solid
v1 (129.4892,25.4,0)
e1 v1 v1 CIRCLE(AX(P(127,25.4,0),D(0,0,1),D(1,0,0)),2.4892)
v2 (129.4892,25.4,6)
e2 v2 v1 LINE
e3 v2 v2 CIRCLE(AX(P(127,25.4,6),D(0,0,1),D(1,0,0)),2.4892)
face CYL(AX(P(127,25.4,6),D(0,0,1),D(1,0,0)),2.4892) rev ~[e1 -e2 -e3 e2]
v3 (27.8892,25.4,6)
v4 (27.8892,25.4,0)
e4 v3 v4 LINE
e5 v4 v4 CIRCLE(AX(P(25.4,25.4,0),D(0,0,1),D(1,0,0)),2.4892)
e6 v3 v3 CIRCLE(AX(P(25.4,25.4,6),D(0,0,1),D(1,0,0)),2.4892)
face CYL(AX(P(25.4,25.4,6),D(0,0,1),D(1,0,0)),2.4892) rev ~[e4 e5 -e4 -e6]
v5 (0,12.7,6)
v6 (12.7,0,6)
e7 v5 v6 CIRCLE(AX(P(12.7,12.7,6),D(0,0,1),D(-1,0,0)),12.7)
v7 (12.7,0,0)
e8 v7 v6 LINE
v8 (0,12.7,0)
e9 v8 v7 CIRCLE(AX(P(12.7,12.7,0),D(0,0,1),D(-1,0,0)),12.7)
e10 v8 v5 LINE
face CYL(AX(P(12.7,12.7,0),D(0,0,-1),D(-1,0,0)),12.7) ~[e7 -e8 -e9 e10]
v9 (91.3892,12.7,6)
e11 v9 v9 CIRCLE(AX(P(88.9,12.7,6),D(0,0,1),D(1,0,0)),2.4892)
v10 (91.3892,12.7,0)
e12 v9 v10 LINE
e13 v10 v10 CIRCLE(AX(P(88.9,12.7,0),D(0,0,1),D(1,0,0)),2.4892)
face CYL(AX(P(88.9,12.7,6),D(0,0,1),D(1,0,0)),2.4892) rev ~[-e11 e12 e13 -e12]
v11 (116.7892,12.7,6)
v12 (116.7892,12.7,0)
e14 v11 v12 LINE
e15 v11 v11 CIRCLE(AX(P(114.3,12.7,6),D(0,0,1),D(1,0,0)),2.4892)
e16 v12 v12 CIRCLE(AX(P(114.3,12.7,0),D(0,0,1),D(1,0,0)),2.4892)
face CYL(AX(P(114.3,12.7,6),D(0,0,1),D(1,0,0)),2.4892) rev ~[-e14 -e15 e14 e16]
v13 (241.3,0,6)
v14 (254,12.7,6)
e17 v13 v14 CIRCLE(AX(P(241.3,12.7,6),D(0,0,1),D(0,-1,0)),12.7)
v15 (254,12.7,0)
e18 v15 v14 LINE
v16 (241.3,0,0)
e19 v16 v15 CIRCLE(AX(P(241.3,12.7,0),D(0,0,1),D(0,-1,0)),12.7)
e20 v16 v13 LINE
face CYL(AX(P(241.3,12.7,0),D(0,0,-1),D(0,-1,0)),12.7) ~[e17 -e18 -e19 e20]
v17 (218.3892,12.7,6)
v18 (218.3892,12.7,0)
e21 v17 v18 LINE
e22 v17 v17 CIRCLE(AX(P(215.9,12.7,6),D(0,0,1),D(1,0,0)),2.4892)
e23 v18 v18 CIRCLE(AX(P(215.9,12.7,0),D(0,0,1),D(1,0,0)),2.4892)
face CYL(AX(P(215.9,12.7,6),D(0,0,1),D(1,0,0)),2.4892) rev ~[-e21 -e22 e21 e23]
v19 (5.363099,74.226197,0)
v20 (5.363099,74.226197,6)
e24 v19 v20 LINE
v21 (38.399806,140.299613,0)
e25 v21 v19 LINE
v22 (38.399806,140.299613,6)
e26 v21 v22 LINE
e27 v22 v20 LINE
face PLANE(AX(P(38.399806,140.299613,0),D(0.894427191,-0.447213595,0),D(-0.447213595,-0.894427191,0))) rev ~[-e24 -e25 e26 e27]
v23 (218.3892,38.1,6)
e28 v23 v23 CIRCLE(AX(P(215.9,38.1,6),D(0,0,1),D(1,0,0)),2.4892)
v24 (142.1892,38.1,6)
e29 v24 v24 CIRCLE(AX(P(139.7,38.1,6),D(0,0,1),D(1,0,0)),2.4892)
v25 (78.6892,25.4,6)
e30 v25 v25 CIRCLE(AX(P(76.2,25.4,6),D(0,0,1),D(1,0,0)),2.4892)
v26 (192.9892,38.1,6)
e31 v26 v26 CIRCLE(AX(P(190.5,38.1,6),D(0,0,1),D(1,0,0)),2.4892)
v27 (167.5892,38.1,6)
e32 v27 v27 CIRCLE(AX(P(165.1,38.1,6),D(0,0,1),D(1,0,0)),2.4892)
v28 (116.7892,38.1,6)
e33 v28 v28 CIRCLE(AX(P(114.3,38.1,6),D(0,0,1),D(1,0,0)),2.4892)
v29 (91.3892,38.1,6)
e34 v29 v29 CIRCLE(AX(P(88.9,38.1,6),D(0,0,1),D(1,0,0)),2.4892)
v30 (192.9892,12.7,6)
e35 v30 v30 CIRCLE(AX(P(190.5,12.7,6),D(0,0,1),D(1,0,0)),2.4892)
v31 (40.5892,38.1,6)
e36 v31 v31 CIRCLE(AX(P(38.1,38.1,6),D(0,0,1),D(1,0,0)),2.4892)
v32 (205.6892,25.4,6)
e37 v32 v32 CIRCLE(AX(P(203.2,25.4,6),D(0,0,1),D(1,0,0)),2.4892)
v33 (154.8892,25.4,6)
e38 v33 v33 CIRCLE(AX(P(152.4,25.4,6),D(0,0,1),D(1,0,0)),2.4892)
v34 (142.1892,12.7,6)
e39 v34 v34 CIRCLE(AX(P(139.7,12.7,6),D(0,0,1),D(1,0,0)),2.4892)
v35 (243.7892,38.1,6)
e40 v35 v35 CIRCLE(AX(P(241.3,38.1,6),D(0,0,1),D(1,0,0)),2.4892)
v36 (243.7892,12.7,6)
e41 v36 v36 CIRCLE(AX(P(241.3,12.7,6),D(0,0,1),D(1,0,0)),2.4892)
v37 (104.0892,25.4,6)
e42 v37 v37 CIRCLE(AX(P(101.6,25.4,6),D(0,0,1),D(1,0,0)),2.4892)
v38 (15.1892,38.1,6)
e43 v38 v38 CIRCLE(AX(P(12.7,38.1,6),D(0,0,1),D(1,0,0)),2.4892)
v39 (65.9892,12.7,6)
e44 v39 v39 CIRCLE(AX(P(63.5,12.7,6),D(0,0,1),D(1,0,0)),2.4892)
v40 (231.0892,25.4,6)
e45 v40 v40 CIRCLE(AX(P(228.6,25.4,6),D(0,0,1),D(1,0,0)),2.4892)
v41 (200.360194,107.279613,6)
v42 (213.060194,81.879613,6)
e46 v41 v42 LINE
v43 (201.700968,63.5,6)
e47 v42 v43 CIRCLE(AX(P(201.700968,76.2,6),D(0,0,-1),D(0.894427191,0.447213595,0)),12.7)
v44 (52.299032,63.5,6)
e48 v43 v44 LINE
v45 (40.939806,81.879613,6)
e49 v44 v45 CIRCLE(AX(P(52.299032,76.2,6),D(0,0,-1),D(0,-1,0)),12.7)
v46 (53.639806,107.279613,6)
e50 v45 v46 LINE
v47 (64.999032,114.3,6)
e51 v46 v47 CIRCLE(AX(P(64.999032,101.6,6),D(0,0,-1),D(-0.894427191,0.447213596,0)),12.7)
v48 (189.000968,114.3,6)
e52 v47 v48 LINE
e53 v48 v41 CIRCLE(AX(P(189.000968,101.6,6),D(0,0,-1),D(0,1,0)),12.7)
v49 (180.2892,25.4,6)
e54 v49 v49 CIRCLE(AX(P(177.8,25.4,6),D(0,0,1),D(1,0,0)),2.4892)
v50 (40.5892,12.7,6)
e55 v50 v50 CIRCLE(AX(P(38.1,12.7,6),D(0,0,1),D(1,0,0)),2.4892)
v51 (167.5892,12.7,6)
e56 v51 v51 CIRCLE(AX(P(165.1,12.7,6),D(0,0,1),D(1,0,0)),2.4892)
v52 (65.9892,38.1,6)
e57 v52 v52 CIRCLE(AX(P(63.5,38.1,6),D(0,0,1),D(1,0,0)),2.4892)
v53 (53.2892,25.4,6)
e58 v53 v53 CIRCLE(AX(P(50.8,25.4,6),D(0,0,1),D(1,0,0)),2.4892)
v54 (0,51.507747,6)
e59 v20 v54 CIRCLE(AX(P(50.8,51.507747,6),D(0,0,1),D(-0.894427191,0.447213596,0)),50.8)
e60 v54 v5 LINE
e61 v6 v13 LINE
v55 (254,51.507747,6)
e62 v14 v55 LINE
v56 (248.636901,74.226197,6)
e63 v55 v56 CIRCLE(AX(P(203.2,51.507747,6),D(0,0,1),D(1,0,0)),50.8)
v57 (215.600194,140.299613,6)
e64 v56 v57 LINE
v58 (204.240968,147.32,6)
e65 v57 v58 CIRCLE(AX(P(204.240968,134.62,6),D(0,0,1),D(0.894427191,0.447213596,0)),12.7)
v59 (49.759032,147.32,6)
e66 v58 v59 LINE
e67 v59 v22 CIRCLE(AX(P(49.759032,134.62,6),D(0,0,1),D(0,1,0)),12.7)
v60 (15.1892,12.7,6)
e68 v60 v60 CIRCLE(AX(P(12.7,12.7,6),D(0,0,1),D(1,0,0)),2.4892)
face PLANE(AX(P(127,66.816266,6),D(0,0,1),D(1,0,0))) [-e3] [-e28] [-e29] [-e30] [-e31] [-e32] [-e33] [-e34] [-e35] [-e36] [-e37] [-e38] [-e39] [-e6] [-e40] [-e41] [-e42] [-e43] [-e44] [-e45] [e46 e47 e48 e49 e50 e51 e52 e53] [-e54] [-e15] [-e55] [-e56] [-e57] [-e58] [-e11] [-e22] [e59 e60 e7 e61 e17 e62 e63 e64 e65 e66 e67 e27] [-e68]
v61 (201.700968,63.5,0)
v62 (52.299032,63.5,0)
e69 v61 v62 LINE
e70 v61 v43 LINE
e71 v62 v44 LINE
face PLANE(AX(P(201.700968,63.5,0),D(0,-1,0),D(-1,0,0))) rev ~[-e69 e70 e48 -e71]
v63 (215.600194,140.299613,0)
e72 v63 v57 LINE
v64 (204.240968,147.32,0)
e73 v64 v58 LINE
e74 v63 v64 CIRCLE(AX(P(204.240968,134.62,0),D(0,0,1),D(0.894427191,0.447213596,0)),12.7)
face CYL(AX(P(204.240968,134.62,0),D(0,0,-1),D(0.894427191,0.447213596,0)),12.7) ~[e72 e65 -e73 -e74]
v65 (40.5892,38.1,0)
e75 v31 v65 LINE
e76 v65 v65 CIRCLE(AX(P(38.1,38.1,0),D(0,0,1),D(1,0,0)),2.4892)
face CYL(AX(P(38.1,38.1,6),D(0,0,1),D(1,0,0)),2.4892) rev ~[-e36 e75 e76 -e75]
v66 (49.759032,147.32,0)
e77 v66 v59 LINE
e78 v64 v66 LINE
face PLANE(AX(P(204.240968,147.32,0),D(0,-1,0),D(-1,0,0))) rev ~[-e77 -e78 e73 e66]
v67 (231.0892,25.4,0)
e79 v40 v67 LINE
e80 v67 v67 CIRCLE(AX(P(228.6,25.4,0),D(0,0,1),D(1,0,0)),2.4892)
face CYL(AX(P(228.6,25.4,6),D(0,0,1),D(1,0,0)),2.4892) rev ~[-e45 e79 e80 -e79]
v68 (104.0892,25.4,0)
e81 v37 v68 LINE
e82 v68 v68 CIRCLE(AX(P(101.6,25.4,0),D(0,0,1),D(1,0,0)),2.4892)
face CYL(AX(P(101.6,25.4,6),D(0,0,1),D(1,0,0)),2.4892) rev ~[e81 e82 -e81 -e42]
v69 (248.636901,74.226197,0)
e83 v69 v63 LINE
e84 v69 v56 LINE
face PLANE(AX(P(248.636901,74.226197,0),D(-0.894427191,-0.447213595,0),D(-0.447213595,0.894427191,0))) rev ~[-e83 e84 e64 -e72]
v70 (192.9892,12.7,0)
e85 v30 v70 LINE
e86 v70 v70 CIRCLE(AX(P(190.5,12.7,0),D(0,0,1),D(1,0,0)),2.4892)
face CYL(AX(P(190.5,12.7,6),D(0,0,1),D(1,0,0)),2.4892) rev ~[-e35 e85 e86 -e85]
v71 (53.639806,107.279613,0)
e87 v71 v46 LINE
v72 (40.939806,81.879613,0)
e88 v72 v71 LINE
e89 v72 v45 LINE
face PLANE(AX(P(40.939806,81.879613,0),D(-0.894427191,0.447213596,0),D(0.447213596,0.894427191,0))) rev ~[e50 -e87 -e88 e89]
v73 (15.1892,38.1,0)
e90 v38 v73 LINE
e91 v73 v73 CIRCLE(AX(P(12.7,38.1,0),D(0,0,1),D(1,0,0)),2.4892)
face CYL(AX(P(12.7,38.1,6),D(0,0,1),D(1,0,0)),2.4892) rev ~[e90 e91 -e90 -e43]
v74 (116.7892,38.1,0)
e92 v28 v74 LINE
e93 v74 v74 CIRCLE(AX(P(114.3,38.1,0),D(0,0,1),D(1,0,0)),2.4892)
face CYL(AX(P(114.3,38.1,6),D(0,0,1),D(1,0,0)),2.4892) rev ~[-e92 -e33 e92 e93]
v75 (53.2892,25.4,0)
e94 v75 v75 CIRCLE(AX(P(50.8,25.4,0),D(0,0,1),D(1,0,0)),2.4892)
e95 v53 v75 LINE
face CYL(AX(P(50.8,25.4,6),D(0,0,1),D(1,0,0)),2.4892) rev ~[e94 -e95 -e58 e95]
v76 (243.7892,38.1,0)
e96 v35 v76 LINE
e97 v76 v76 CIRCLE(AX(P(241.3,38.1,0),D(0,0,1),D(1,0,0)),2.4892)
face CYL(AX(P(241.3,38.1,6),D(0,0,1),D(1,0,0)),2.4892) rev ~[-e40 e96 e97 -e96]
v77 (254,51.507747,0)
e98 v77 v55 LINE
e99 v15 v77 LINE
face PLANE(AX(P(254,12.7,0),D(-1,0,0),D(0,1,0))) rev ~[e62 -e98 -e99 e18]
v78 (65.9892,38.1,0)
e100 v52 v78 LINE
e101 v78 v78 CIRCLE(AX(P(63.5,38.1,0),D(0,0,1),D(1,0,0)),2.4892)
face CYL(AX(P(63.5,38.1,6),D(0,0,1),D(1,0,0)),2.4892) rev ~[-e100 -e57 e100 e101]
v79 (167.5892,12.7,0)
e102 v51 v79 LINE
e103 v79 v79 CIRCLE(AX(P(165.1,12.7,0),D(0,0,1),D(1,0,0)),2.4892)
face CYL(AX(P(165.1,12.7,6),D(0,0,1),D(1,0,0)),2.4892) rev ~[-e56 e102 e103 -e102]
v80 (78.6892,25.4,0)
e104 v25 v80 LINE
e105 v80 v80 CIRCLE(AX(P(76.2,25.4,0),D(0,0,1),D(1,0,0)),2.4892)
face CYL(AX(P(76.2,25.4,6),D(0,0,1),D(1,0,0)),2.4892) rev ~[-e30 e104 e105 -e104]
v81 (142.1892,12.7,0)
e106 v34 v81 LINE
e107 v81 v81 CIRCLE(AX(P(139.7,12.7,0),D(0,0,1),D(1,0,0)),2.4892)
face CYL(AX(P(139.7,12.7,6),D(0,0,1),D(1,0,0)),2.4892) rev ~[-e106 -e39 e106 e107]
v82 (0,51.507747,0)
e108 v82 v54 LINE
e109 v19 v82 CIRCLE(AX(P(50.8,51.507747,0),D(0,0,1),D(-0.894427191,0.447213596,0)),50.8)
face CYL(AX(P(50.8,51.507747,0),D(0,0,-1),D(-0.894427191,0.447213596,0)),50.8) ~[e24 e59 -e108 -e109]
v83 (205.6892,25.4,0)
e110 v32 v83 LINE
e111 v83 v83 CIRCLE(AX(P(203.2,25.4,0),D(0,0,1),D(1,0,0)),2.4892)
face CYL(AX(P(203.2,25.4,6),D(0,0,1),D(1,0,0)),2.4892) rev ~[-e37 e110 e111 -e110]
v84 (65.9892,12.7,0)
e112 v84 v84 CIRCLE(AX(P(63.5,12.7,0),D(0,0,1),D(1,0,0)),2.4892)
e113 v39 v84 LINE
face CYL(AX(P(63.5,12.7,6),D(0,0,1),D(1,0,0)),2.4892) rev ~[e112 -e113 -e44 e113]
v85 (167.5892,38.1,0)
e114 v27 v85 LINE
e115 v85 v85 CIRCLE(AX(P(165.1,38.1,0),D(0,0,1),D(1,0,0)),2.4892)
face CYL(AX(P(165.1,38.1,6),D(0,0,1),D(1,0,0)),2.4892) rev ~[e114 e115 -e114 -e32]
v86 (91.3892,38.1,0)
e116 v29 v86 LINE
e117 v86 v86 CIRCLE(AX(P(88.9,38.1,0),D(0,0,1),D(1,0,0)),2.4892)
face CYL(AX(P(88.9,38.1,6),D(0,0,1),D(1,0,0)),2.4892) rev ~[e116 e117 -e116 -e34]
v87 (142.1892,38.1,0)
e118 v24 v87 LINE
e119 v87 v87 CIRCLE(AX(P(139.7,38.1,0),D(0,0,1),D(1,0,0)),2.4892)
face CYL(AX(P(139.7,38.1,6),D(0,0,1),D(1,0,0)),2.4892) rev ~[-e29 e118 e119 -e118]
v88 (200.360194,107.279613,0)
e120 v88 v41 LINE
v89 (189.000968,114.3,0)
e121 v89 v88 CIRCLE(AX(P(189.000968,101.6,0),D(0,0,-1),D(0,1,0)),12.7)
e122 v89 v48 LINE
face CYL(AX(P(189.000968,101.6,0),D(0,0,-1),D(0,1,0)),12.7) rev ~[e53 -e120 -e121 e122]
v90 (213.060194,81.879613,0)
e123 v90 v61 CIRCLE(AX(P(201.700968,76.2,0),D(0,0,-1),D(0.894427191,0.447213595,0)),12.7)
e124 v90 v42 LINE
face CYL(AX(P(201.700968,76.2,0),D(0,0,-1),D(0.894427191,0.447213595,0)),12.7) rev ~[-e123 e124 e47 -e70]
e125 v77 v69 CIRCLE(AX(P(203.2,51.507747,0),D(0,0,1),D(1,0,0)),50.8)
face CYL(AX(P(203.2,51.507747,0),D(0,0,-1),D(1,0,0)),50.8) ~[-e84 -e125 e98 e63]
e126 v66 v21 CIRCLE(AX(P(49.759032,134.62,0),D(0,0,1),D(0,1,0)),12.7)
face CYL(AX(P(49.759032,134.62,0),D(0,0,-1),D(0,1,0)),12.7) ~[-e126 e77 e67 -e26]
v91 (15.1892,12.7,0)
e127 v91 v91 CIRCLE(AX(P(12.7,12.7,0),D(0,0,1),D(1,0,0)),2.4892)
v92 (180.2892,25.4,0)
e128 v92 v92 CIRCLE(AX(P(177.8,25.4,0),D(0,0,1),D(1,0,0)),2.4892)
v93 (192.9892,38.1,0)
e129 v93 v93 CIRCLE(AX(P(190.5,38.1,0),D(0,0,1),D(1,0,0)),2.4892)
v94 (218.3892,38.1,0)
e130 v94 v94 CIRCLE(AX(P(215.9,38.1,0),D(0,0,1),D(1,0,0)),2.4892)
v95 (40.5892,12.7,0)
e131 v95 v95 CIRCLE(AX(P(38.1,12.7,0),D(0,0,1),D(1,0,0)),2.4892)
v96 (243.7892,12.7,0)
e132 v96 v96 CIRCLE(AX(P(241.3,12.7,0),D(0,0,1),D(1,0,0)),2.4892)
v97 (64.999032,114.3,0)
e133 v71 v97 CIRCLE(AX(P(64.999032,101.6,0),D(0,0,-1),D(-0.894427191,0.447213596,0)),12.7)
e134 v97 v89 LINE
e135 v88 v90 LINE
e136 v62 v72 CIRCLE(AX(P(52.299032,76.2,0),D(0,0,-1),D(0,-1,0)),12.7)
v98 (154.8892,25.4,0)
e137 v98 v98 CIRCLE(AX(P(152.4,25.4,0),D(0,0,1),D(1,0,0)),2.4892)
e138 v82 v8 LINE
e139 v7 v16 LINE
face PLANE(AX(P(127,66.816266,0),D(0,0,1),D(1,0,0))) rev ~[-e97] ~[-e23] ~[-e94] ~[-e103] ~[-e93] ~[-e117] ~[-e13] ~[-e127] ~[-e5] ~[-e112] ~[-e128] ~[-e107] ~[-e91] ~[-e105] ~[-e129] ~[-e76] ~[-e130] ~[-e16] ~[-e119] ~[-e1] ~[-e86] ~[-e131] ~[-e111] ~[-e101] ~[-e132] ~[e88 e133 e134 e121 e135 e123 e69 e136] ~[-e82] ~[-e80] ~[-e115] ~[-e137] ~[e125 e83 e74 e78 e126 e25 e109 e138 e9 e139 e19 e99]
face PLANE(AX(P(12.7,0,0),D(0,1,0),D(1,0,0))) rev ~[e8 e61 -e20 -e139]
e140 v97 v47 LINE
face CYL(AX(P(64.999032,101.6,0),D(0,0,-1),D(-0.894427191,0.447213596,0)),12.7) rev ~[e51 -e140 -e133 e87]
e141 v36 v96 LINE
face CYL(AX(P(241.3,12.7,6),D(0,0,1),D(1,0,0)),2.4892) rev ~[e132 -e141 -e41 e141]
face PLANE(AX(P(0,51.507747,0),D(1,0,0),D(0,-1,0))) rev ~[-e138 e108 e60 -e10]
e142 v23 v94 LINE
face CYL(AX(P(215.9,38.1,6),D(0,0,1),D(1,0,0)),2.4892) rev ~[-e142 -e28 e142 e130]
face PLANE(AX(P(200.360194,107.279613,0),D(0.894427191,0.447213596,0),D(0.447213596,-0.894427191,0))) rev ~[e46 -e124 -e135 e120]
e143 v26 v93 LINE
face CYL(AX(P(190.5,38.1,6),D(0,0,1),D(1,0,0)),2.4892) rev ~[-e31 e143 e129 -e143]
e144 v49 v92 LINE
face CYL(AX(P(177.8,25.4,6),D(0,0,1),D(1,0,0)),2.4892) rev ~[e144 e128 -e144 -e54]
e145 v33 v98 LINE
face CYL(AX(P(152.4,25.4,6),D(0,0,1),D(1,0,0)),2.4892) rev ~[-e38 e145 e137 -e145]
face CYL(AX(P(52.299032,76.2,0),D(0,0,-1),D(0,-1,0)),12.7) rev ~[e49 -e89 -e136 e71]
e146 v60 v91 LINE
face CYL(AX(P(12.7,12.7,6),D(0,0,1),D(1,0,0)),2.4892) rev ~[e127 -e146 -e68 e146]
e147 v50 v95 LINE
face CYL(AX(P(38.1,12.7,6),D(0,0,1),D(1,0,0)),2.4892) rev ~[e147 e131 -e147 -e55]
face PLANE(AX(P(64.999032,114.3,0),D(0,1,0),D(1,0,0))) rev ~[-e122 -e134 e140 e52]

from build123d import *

# Parameters (mm, degrees)
BOSS_EXTRUDE1_DEPTH = 6
SKETCH2_R           = 2.4892
CUT_EXTRUDE1_DEPTH  = 294.692326083


with BuildPart() as part:
    # Sketch1 → Boss-Extrude1 (new body)
    with BuildSketch(Plane.XY):
        with BuildLine():
            Line((12.7, 0), (241.3, 0))
            ThreePointArc((241.3, 0), (250.280256121, 3.719743879), (254, 12.7))
            Line((254, 12.7), (254, 51.507746743))
            ThreePointArc((254, 51.507746743), (252.641048665, 63.179195107), (248.636901303, 74.226197394))
            Line((248.636901303, 74.226197394), (215.600193669, 140.299612663))
            ThreePointArc((215.600193669, 140.299612663), (210.917753467, 145.423265266), (204.240968343, 147.32))
            Line((204.240968343, 147.32), (49.759031657, 147.32))
            ThreePointArc((49.759031657, 147.32), (43.082246533, 145.423265266), (38.399806331, 140.299612663))
            Line((38.399806331, 140.299612663), (5.363098697, 74.226197394))
            ThreePointArc((5.363098697, 74.226197394), (1.358951335, 63.179195107), (0, 51.507746743))
            Line((0, 51.507746743), (0, 12.7))
            ThreePointArc((0, 12.7), (3.719743879, 3.719743879), (12.7, 0))
        make_face()
        with BuildLine():
            Line((40.939806331, 81.879612663), (53.639806331, 107.279612663))
            ThreePointArc((53.639806331, 107.279612663), (58.322246533, 112.403265266), (64.999031657, 114.3))
            Line((64.999031657, 114.3), (189.000968343, 114.3))
            ThreePointArc((189.000968343, 114.3), (195.677753467, 112.403265266), (200.360193669, 107.279612663))
            Line((200.360193669, 107.279612663), (213.060193669, 81.879612663))
            ThreePointArc((213.060193669, 81.879612663), (212.504233609, 69.523214876), (201.700968343, 63.5))
            Line((201.700968343, 63.5), (52.299031657, 63.5))
            ThreePointArc((52.299031657, 63.5), (41.495766391, 69.523214876), (40.939806331, 81.879612663))
        make_face(mode=Mode.SUBTRACT)
    extrude(amount=BOSS_EXTRUDE1_DEPTH)

    # Sketch2 → Cut-Extrude1 (cut, through all)
    with BuildSketch(Plane.XY.offset(6)):
        with Locations((241.3, 12.7)):
            Circle(SKETCH2_R)
        with Locations((215.9, 12.7)):
            Circle(SKETCH2_R)
        with Locations((190.5, 12.7)):
            Circle(SKETCH2_R)
        with Locations((165.1, 12.7)):
            Circle(SKETCH2_R)
        with Locations((139.7, 12.7)):
            Circle(SKETCH2_R)
        with Locations((114.3, 12.7)):
            Circle(SKETCH2_R)
        with Locations((88.9, 12.7)):
            Circle(SKETCH2_R)
        with Locations((63.5, 12.7)):
            Circle(SKETCH2_R)
        with Locations((38.1, 12.7)):
            Circle(SKETCH2_R)
        with Locations((12.7, 12.7)):
            Circle(SKETCH2_R)
        with Locations((215.9, 38.1)):
            Circle(SKETCH2_R)
        with Locations((190.5, 38.1)):
            Circle(SKETCH2_R)
        with Locations((165.1, 38.1)):
            Circle(SKETCH2_R)
        with Locations((139.7, 38.1)):
            Circle(SKETCH2_R)
        with Locations((114.3, 38.1)):
            Circle(SKETCH2_R)
        with Locations((88.9, 38.1)):
            Circle(SKETCH2_R)
        with Locations((63.5, 38.1)):
            Circle(SKETCH2_R)
        with Locations((38.1, 38.1)):
            Circle(SKETCH2_R)
        with Locations((12.7, 38.1)):
            Circle(SKETCH2_R)
        with Locations((241.3, 38.1)):
            Circle(SKETCH2_R)
        with Locations((25.4, 25.4)):
            Circle(SKETCH2_R)
        with Locations((50.8, 25.4)):
            Circle(SKETCH2_R)
        with Locations((76.2, 25.4)):
            Circle(SKETCH2_R)
        with Locations((101.6, 25.4)):
            Circle(SKETCH2_R)
        with Locations((127, 25.4)):
            Circle(SKETCH2_R)
        with Locations((152.4, 25.4)):
            Circle(SKETCH2_R)
        with Locations((177.8, 25.4)):
            Circle(SKETCH2_R)
        with Locations((203.2, 25.4)):
            Circle(SKETCH2_R)
        with Locations((228.6, 25.4)):
            Circle(SKETCH2_R)
    extrude(amount=-CUT_EXTRUDE1_DEPTH, mode=Mode.SUBTRACT)


solid = part.part
